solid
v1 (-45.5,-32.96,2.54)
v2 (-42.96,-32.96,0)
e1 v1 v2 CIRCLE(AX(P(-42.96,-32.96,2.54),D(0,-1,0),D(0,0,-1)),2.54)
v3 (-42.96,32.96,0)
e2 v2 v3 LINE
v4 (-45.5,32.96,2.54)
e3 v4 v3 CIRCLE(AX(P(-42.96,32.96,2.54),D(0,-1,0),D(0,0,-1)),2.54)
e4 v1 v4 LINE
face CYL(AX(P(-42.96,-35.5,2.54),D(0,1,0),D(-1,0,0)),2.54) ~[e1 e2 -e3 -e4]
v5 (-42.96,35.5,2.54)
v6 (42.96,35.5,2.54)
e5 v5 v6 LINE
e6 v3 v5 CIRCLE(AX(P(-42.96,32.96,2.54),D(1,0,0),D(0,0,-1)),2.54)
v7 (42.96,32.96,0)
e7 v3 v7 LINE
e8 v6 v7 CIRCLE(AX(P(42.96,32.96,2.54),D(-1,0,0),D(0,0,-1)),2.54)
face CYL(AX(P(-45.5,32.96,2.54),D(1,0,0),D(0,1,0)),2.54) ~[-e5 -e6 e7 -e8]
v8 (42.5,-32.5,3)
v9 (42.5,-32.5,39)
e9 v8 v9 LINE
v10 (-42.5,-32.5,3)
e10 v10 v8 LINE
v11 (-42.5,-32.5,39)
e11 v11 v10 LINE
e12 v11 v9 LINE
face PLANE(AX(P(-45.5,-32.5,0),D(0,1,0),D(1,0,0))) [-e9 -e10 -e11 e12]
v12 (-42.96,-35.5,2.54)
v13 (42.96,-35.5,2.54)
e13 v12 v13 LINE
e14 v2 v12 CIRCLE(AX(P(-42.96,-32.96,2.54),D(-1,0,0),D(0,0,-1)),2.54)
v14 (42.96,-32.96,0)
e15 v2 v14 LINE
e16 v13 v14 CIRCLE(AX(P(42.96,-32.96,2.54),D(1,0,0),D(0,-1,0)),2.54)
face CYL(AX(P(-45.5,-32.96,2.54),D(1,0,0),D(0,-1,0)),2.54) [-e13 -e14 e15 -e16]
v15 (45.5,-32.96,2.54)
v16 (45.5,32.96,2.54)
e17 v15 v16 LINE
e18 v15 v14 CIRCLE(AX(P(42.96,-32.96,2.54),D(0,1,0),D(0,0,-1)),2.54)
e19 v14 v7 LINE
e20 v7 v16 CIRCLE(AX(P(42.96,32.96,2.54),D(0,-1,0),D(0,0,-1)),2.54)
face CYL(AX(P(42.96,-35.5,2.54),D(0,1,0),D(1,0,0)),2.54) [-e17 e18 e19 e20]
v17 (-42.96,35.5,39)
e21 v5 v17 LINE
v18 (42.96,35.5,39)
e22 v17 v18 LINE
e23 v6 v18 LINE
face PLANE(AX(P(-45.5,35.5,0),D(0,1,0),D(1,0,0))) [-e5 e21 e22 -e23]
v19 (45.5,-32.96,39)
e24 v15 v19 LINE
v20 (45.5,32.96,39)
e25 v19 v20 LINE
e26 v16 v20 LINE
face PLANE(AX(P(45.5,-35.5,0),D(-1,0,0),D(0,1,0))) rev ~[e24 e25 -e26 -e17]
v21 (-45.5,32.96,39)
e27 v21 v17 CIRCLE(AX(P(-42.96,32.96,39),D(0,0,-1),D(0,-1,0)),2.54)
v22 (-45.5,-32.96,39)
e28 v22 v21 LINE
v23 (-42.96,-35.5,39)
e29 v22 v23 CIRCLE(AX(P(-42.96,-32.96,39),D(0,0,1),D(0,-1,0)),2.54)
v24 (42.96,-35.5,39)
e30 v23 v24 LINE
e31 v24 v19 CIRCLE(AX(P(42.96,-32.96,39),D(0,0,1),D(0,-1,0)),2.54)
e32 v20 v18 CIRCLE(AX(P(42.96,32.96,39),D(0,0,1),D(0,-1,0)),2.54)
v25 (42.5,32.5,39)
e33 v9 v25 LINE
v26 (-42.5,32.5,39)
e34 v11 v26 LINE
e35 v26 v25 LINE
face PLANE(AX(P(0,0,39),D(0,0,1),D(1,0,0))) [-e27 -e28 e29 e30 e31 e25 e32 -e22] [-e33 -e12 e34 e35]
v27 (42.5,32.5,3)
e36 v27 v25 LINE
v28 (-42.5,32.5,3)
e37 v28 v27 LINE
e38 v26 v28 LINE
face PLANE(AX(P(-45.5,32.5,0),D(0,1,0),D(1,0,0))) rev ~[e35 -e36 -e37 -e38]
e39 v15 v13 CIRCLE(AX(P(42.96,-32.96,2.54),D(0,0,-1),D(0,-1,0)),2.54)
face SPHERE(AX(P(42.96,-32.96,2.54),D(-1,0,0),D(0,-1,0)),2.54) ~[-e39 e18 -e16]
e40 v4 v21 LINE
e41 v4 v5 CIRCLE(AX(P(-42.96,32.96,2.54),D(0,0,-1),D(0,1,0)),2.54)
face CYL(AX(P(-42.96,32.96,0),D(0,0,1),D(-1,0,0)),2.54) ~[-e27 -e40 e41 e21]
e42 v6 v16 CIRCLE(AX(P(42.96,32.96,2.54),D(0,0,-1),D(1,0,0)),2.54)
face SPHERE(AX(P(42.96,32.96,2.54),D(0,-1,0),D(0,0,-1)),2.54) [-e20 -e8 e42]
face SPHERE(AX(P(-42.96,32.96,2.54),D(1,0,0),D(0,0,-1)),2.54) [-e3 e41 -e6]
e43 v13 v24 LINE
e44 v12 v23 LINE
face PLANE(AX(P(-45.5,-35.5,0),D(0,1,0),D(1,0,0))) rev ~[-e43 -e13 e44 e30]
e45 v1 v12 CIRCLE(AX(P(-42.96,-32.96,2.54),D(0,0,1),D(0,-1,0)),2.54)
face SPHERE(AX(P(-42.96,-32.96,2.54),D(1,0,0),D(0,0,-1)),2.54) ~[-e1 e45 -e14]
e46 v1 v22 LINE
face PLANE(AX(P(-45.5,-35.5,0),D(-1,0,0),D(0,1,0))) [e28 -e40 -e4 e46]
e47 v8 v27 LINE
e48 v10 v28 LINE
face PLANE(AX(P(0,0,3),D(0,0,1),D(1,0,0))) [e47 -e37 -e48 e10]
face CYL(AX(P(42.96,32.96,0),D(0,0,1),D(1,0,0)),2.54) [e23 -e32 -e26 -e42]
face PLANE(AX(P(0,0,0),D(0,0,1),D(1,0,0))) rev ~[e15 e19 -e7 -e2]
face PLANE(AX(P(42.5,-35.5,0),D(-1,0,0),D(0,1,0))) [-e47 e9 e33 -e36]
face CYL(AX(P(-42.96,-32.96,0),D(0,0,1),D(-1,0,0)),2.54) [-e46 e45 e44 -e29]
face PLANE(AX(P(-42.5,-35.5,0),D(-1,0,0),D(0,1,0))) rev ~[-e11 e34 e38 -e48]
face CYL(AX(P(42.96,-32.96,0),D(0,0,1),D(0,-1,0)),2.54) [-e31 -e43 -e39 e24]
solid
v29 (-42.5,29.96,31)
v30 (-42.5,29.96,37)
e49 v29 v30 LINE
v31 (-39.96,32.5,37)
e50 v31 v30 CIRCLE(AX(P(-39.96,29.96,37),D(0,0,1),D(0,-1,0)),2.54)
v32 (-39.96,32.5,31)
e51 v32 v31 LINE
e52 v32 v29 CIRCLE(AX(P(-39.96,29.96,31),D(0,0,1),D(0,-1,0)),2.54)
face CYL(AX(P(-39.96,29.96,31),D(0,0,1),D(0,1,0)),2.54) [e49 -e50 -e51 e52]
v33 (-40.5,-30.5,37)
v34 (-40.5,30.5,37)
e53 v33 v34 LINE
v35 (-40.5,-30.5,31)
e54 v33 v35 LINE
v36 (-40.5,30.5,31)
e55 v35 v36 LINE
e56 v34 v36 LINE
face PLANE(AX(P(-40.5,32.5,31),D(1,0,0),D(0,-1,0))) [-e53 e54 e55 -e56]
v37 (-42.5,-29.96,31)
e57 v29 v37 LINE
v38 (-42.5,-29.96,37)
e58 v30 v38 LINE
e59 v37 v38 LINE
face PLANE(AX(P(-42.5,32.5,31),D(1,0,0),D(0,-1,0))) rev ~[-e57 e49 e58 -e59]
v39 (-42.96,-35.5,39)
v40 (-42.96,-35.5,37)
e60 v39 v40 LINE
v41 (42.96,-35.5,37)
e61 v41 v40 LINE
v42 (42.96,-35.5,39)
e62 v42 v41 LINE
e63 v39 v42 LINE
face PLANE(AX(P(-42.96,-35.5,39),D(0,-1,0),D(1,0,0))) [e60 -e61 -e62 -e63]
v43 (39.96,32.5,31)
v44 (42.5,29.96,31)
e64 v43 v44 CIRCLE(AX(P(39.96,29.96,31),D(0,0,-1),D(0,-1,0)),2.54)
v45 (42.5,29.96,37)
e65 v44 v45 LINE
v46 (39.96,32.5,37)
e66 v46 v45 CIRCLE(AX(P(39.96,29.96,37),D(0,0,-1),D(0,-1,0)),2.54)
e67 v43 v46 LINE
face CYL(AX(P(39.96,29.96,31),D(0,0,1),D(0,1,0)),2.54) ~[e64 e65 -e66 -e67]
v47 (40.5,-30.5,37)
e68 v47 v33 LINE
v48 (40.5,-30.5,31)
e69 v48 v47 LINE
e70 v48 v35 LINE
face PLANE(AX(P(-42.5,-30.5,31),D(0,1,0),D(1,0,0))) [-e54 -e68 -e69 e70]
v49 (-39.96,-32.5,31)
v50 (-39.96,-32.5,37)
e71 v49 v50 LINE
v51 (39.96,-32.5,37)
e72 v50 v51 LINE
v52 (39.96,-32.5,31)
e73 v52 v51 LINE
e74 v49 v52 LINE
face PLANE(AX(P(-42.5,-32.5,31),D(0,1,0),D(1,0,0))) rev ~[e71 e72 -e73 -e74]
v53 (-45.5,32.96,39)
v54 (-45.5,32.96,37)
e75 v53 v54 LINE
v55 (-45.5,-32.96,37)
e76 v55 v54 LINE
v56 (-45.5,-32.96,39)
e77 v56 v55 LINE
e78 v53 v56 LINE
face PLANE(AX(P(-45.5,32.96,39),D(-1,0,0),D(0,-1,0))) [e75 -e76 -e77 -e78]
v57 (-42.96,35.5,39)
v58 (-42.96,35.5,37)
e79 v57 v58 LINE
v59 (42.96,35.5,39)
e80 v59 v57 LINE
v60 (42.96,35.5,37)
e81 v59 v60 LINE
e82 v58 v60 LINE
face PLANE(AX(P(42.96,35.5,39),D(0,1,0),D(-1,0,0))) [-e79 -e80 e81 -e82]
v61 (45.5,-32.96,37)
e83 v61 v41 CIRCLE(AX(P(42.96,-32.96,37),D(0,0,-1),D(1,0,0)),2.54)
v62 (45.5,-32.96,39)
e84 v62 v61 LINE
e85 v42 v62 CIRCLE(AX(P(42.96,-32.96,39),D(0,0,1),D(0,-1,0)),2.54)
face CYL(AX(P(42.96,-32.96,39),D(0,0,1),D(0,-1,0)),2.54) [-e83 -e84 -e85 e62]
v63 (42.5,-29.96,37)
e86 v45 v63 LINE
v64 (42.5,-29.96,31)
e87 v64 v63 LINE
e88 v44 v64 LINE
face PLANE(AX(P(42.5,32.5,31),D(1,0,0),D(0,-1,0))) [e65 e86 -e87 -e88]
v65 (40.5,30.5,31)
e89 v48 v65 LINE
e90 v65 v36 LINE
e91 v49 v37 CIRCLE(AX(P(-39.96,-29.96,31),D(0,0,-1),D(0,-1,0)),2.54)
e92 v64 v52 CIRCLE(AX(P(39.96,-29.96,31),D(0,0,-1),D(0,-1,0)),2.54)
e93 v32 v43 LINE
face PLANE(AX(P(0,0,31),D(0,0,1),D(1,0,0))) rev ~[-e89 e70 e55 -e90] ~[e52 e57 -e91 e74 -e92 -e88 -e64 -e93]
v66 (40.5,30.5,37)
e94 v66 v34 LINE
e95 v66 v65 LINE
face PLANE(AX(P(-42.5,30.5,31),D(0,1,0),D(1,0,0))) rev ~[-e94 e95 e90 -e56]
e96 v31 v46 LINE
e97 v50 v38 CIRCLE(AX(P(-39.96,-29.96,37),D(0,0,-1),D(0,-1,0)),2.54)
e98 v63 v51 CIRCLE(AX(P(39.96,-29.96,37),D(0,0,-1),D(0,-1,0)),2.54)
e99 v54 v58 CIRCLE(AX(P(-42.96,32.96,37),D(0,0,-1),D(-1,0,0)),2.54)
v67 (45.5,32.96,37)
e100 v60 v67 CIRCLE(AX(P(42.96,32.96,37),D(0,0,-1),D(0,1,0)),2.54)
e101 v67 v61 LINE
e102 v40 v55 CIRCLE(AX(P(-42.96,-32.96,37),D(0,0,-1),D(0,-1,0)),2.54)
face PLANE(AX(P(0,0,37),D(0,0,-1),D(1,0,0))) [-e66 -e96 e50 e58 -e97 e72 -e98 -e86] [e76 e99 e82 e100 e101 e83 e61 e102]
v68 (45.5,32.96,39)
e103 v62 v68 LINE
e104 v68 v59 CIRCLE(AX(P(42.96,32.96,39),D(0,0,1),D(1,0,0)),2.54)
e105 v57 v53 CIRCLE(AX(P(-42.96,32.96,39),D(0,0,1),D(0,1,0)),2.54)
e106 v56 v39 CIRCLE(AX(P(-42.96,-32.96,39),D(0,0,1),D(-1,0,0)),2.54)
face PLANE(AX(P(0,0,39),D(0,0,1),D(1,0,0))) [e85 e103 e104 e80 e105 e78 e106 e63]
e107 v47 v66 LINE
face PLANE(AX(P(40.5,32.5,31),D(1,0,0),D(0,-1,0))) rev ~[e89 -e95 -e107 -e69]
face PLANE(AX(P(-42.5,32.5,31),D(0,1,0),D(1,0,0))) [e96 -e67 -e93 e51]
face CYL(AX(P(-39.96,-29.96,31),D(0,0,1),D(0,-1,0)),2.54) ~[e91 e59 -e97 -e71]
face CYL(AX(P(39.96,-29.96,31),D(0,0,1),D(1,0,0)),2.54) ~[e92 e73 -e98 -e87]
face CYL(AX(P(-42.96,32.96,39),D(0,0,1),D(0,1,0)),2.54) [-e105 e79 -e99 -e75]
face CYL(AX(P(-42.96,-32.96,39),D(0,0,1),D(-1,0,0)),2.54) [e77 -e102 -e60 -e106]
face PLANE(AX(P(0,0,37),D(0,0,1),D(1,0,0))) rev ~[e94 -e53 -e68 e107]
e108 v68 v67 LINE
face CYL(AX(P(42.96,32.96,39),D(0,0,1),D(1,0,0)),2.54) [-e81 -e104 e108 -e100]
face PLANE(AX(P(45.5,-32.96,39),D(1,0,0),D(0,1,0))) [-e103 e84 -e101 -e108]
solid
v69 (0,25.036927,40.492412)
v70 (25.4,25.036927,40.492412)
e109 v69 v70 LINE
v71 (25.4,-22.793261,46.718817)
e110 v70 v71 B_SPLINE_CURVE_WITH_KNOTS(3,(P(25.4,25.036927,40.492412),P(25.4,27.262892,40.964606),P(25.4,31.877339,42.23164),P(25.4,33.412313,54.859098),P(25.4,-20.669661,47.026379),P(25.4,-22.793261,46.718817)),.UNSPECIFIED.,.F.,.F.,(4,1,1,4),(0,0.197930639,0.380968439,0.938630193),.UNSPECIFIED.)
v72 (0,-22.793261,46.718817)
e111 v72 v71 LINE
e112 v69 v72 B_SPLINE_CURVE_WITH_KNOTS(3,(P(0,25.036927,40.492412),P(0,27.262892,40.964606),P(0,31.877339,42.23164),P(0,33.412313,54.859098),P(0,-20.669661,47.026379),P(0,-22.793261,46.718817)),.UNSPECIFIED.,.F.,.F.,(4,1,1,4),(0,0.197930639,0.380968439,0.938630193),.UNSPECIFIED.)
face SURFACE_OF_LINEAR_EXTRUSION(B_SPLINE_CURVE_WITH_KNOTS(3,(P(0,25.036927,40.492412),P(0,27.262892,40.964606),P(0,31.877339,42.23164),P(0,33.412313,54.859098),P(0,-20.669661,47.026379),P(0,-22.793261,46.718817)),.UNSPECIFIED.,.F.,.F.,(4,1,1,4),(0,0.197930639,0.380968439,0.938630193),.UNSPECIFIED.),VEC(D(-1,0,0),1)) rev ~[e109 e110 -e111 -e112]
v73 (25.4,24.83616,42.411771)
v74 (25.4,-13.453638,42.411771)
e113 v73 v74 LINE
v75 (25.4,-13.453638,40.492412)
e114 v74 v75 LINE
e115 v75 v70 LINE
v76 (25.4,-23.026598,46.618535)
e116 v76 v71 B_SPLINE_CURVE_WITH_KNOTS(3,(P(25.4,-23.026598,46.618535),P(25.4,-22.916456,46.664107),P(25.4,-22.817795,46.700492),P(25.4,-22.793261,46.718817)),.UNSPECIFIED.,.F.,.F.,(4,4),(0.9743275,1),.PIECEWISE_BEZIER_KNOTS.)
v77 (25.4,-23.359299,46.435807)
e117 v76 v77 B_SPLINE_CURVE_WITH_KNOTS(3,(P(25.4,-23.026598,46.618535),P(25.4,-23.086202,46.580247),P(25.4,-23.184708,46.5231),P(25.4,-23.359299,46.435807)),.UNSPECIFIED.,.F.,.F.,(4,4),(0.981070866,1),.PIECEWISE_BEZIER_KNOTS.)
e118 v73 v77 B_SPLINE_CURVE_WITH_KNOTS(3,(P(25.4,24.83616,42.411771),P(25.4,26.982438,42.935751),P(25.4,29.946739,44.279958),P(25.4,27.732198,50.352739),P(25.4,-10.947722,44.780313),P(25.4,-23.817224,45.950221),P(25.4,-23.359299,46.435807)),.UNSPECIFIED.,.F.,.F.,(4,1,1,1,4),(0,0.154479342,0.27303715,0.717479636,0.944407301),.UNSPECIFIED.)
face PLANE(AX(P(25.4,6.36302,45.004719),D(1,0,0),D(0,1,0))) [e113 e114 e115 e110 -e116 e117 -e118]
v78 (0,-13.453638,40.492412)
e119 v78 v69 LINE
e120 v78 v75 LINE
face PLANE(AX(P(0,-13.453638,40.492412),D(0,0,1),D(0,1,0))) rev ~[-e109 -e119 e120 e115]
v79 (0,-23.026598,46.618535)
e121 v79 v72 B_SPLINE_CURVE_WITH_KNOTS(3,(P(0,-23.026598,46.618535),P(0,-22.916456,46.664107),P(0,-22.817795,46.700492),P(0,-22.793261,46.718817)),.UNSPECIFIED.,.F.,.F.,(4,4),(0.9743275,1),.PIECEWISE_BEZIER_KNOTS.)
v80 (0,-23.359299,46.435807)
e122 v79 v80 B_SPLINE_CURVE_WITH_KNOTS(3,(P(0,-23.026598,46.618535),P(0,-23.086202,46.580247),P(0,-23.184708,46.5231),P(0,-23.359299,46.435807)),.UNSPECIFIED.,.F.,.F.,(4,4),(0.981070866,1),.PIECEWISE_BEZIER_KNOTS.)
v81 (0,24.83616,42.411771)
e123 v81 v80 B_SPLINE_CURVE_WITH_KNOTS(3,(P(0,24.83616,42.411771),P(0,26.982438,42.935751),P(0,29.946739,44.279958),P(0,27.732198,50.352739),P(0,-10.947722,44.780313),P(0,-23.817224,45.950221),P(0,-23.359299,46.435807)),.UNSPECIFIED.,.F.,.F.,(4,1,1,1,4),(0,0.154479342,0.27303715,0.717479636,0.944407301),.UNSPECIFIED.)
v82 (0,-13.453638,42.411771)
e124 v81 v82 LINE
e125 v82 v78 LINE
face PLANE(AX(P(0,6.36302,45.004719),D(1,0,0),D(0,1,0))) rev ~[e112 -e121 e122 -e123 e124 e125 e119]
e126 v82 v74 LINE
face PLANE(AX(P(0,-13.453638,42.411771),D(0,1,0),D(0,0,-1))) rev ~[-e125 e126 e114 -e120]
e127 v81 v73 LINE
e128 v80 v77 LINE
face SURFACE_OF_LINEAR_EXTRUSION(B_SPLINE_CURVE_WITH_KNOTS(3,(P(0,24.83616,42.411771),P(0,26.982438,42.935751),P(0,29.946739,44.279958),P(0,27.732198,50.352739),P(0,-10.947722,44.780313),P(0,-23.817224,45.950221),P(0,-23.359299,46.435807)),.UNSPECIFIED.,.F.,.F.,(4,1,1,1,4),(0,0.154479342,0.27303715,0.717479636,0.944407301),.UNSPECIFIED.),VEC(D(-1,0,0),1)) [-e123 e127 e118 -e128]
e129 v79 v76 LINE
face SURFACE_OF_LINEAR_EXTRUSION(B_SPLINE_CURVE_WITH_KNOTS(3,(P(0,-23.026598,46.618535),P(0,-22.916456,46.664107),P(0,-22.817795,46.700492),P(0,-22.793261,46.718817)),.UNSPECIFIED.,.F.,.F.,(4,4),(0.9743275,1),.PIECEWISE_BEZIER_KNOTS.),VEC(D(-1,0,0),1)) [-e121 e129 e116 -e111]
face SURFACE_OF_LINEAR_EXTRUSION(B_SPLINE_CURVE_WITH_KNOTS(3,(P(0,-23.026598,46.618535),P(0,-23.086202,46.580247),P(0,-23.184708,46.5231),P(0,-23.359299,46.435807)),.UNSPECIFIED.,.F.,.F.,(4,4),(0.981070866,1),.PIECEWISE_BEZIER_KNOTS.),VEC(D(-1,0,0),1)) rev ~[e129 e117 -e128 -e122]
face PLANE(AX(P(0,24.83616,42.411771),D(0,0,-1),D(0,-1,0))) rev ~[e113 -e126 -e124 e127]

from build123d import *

# Parameters (mm, degrees)
F0_W      = 91
F0_H      = 71
F1_DEPTH  = 39
F2_R      = 2.54
F3_T      = -3
F5_DEPTH  = 8
F6_W      = 85
F6_H      = 65
F7_DEPTH  = 6
F8_T      = -2
F9_R      = 2.54
F11_DEPTH = 25.4


with BuildPart() as f1:
    # F0 (on Top) → F1 (new body)
    with BuildSketch(Plane.XY):
        Rectangle(F0_W, F0_H)
    extrude(amount=F1_DEPTH)

    # F2
    f2_edges = [f1.edges().sort_by_distance(p)[0] for p in [
        (0, -35.5, 0),
        (45.5, -35.5, 19.5),
        (45.5, 0, 0),
        (0, 35.5, 0),
        (45.5, 35.5, 19.5),
        (-45.5, 0, 0),
        (-45.5, 35.5, 19.5),
        (-45.5, -35.5, 19.5),
    ]]
    fillet(f2_edges, radius=F2_R)

    # F3
    f3_openings = [f1.faces().sort_by_distance(p)[0] for p in [
        (0, 0, 39),
    ]]
    offset(amount=F3_T, openings=f3_openings)


with BuildPart() as f5:
    # F4 (on face) → F5 (new body)
    with BuildSketch(Plane.XY.offset(39)):
        with BuildLine():
            Line((42.96, 35.5), (-42.96, 35.5))
            ThreePointArc((-42.96, 35.5), (-44.7560512242, 34.7560512242), (-45.5, 32.96))
            Line((-45.5, 32.96), (-45.5, -32.96))
            ThreePointArc((-45.5, -32.96), (-44.7560512242, -34.7560512242), (-42.96, -35.5))
            Line((-42.96, -35.5), (42.96, -35.5))
            ThreePointArc((42.96, -35.5), (44.7560512242, -34.7560512242), (45.5, -32.96))
            Line((45.5, -32.96), (45.5, 32.96))
            ThreePointArc((45.5, 32.96), (44.7560512242, 34.7560512242), (42.96, 35.5))
        make_face()
    extrude(amount=-F5_DEPTH)

    # F6 (on face) → F7 (cut)
    with BuildSketch(Plane(origin=(0, 0, 31), x_dir=(1, 0, 0), z_dir=(0, 0, -1))):
        with BuildLine():
            ThreePointArc((-45.5, -32.96), (-44.7560512242, -34.7560512242), (-42.96, -35.5))
            Line((-42.96, -35.5), (42.96, -35.5))
            ThreePointArc((42.96, -35.5), (44.7560512242, -34.7560512242), (45.5, -32.96))
            Line((45.5, -32.96), (45.5, 32.96))
            ThreePointArc((45.5, 32.96), (44.7560512242, 34.7560512242), (42.96, 35.5))
            Line((42.96, 35.5), (-42.96, 35.5))
            ThreePointArc((-42.96, 35.5), (-44.7560512242, 34.7560512242), (-45.5, 32.96))
            Line((-45.5, 32.96), (-45.5, -32.96))
        make_face()
        Rectangle(F6_W, F6_H, mode=Mode.SUBTRACT)
    extrude(amount=-F7_DEPTH, mode=Mode.SUBTRACT)

    # F8
    f8_openings = [f5.faces().sort_by_distance(p)[0] for p in [
        (0, 0, 31),
    ]]
    offset(amount=F8_T, openings=f8_openings, kind=Kind.INTERSECTION)

    # F9
    f9_edges = [f5.edges().sort_by_distance(p)[0] for p in [
        (-42.5, 32.5, 34),
        (-42.5, -32.5, 34),
        (42.5, -32.5, 34),
        (42.5, 32.5, 34),
    ]]
    fillet(f9_edges, radius=F9_R)


with BuildPart() as f11:
    # F10 (on Right) → F11 (new body)
    with BuildSketch(Plane.YZ):
        with BuildLine():
            Line((-13.4536381811, 42.4117706716), (-13.4536381811, 40.4924117029))
            Line((-13.4536381811, 40.4924117029), (25.0369273126, 40.4924117029))
            add(Edge.make_bspline(
                [(25.0369273126, 40.4924117029), (27.2628915883, 40.9646055378), (31.8773388123, 42.2316396654), (33.4123125919, 54.8590983413), (-20.6696610192, 47.0263792907), (-22.7932613343, 46.7188172042)],
                knots=[0, 0, 0, 0, 0.1979306392, 0.3809684392, 0.9386301929, 0.9386301929, 0.9386301929, 0.9386301929], degree=3))
            add(Edge.make_bspline(
                [(-23.0265979574, 46.6185346514), (-22.9164563186, 46.664106875), (-22.8177945923, 46.700491997), (-22.7932613343, 46.7188172042)],
                knots=[0.9743274998, 0.9743274998, 0.9743274998, 0.9743274998, 1, 1, 1, 1], degree=3))
            add(Edge.make_bspline(
                [(-23.0265979574, 46.6185346514), (-23.0862022713, 46.5802474202), (-23.1847080136, 46.5230996611), (-23.3592987061, 46.4358069003)],
                knots=[0.9810708663, 0.9810708663, 0.9810708663, 0.9810708663, 1, 1, 1, 1], degree=3))
            add(Edge.make_bspline(
                [(24.8361602426, 42.4117706716), (26.9824378192, 42.9357513785), (29.9467392966, 44.2799584418), (27.7321976863, 50.3527392042), (-10.9477218777, 44.7803133285), (-23.8172236886, 45.9502209177), (-23.3592987061, 46.4358069003)],
                knots=[0, 0, 0, 0, 0.1544793422, 0.2730371495, 0.7174796363, 0.9444073013, 0.9444073013, 0.9444073013, 0.9444073013], degree=3))
            Line((24.8361602426, 42.4117706716), (-13.4536381811, 42.4117706716))
        make_face()
    extrude(amount=F11_DEPTH)


solid = Compound([f1.part, f5.part, f11.part])
